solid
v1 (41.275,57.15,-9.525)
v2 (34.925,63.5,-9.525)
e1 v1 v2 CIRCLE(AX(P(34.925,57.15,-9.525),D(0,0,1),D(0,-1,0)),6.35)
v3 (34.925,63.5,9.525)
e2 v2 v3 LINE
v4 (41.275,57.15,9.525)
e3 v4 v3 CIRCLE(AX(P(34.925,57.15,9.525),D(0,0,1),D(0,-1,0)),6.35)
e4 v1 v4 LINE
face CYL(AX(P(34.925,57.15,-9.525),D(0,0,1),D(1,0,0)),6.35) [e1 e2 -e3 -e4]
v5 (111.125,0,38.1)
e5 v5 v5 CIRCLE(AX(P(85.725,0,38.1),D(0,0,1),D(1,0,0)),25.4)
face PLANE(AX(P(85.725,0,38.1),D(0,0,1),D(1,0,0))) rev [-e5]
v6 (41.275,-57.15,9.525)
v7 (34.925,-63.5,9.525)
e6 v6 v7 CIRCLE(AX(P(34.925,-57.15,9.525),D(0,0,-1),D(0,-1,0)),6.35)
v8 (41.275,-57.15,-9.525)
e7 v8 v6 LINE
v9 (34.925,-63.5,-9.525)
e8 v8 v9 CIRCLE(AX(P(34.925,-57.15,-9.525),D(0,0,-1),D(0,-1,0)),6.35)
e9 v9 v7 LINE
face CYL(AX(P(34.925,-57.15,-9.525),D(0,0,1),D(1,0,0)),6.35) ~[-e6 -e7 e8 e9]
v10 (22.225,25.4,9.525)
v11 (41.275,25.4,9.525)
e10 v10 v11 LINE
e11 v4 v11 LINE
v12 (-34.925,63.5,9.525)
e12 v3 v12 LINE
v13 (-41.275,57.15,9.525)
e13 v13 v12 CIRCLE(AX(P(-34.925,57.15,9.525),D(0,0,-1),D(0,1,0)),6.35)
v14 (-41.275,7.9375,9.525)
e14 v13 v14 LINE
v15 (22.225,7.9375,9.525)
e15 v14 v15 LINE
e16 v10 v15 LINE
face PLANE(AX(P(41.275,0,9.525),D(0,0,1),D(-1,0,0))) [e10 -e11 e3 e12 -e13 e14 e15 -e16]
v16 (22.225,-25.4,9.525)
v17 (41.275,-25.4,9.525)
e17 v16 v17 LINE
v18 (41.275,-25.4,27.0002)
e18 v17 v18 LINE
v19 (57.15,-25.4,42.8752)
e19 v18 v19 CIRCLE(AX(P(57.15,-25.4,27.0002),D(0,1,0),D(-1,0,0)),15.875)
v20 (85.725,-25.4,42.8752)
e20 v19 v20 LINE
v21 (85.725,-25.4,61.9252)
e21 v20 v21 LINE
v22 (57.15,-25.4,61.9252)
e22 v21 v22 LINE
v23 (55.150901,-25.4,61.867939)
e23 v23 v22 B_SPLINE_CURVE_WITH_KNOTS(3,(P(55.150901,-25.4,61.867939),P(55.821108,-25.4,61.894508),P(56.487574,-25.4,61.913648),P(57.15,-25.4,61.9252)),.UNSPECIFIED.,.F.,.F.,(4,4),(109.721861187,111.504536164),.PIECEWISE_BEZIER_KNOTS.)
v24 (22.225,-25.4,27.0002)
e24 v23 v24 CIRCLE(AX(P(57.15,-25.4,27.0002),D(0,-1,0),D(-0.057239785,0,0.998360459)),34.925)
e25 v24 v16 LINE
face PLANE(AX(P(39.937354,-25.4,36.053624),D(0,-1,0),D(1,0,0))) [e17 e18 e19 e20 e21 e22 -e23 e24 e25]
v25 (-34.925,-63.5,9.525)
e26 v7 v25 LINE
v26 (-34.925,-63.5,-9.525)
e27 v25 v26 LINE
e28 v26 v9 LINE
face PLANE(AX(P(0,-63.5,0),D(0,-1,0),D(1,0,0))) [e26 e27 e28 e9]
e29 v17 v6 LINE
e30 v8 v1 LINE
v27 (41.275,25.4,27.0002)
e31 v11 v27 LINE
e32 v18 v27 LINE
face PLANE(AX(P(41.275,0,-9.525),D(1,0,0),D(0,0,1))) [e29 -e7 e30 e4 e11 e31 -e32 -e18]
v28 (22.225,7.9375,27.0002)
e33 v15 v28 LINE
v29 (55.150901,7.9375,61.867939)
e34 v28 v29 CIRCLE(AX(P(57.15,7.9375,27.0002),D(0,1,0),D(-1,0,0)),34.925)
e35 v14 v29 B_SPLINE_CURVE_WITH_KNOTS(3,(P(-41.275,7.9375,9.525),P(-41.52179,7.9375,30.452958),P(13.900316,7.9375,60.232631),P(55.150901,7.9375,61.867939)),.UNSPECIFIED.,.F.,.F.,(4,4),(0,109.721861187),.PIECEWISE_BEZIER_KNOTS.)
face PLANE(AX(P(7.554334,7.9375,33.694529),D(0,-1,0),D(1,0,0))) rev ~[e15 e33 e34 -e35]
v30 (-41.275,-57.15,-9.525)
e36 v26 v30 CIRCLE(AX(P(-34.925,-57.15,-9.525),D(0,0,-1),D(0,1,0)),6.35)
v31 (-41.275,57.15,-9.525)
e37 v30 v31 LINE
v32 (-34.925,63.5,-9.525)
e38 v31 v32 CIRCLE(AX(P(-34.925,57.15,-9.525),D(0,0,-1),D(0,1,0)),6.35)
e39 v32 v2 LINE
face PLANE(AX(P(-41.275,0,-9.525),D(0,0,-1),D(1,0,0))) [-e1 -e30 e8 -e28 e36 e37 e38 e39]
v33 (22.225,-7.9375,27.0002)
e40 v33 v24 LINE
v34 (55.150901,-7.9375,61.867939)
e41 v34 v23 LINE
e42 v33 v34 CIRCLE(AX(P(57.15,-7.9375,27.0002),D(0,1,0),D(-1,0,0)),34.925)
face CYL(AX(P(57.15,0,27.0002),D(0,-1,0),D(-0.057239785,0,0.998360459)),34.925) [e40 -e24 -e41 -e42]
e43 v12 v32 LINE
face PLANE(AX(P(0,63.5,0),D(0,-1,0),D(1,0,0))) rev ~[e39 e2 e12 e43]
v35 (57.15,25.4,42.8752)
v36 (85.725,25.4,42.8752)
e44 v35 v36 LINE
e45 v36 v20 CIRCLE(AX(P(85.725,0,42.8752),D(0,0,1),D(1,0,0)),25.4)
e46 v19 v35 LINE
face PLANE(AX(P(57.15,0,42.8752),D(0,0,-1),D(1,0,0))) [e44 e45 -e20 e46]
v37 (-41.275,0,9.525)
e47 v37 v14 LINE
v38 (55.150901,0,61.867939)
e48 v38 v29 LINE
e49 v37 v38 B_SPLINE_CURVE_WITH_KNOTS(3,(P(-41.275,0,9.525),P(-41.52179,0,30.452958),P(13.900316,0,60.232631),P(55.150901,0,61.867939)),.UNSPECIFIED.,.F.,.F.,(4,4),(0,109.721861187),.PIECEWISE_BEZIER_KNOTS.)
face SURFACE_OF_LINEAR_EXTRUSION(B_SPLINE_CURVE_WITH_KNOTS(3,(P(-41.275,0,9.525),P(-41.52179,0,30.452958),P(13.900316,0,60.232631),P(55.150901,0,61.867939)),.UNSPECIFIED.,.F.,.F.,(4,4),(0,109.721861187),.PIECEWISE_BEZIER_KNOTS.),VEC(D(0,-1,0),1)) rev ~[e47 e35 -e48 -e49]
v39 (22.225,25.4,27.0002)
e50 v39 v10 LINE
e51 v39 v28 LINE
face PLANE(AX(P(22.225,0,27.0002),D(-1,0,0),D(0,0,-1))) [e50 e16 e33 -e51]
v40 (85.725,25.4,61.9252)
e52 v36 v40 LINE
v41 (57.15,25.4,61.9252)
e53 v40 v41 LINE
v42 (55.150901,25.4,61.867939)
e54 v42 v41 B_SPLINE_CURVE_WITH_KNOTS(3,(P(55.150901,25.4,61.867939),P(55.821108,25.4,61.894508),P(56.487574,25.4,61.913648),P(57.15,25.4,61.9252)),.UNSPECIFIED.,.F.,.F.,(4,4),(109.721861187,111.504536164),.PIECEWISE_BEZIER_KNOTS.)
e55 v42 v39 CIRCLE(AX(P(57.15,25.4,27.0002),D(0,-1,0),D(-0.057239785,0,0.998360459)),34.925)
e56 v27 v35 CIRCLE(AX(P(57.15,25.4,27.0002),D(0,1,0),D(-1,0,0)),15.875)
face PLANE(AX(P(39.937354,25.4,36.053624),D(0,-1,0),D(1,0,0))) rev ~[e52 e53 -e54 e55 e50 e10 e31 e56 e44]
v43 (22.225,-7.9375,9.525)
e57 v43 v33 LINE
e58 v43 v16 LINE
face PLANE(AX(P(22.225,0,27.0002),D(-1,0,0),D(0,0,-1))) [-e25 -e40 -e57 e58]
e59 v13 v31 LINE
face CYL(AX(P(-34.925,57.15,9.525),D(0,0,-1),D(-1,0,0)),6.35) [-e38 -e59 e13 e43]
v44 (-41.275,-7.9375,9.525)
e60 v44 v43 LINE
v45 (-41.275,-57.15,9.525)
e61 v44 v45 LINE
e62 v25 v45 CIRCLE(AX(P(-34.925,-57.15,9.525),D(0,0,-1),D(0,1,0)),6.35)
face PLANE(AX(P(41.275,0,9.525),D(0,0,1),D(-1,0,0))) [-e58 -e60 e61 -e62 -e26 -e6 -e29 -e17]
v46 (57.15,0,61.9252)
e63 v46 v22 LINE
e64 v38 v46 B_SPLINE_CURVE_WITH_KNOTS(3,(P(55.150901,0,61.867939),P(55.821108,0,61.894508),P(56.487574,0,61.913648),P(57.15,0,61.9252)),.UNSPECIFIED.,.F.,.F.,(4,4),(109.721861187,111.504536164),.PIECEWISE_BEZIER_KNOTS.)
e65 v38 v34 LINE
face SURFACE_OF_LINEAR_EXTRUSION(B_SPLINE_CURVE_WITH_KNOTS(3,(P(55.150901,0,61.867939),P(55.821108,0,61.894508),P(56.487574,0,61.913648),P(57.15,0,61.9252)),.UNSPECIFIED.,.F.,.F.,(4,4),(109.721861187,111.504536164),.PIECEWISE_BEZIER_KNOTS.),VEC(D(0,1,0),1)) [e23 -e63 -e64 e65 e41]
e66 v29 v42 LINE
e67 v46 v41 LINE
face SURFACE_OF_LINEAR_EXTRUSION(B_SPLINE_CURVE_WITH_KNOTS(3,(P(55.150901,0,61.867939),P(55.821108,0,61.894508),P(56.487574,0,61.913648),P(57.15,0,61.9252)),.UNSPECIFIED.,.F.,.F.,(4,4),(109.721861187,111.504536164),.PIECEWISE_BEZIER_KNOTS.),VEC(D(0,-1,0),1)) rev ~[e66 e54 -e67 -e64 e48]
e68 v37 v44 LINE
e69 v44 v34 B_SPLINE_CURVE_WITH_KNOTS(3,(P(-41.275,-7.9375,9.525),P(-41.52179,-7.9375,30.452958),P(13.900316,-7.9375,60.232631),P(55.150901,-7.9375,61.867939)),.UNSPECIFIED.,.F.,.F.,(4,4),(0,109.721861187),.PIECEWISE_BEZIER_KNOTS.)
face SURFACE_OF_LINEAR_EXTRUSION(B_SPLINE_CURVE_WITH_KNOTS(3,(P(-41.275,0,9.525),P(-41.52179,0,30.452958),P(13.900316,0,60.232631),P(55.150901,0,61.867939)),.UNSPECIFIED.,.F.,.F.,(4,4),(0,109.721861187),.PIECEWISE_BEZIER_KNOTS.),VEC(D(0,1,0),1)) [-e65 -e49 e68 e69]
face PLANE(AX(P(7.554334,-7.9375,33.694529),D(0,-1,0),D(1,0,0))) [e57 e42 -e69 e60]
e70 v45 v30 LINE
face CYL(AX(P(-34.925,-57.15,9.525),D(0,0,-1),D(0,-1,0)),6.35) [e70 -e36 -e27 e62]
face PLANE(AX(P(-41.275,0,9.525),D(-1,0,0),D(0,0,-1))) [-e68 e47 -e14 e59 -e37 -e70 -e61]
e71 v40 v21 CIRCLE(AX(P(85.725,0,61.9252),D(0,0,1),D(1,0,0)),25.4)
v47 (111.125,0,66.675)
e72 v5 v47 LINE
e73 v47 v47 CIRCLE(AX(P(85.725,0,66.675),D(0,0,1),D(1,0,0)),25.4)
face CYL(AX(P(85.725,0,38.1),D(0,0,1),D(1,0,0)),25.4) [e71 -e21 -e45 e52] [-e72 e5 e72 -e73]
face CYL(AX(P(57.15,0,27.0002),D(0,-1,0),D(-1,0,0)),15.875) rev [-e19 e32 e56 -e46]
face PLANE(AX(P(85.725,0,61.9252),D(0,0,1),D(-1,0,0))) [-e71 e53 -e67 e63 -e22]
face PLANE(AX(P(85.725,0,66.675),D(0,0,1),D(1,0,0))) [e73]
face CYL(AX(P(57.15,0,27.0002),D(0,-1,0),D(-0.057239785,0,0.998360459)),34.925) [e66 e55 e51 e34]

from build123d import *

# Parameters (mm, degrees)
F1_DEPTH = 63.5
F0_W     = 25.4
F0_H     = 19.05
F2_DEPTH = 25.4
F3_DEPTH = 7.9375
F5_R     = 6.35


with BuildPart() as f1:
    # F0 (on Front) → F1 (new body, symmetric)
    with BuildSketch(Plane.XZ):
        Polygon((41.275, -9.525), (41.275, 9.525), (22.225, 9.525), (-41.275, 9.525), (-41.275, -9.525), align=None)
    extrude(amount=F1_DEPTH, both=True)

    # F0 (on Front) → F2 (join, symmetric)
    with BuildSketch(Plane.XZ):
        with BuildLine():
            Line((57.15, 42.8752), (60.325, 42.8752))
            Line((60.325, 42.8752), (60.325, 61.9252))
            Line((60.325, 61.9252), (57.15, 61.9252))
            add(Edge.make_bspline(
                [(55.1509005081, 61.8679390466), (55.8211077358, 61.8945082476), (56.4875740772, 61.9136481218), (57.15, 61.9252)],
                knots=[109.7218611873, 109.7218611873, 109.7218611873, 109.7218611873, 111.5045361635, 111.5045361635, 111.5045361635, 111.5045361635], degree=3))
            ThreePointArc((55.1509005081, 61.8679390466), (31.7573418607, 50.9787015717), (22.225, 27.0002))
            Line((22.225, 27.0002), (22.225, 9.525))
            Line((22.225, 9.525), (41.275, 9.525))
            Line((41.275, 9.525), (41.275, 27.0002))
            ThreePointArc((41.275, 27.0002), (45.9246798487, 38.2255201513), (57.15, 42.8752))
        make_face()
        with Locations((73.025, 52.4002)):
            Rectangle(F0_W, F0_H)
    extrude(amount=F2_DEPTH, both=True)

    # F0 (on Front) → F3 (join, symmetric)
    with BuildSketch(Plane.XZ):
        with BuildLine():
            ThreePointArc((22.225, 27.0002), (31.7573418607, 50.9787015717), (55.1509005081, 61.8679390466))
            add(Edge.make_bspline(
                [(-41.275, 9.525), (-41.5217901281, 30.4529584249), (13.9003161981, 60.2326313083), (55.1509005081, 61.8679390466)],
                knots=[0, 0, 0, 0, 109.7218611873, 109.7218611873, 109.7218611873, 109.7218611873], degree=3))
            Line((-41.275, 9.525), (22.225, 9.525))
            Line((22.225, 9.525), (22.225, 27.0002))
        make_face()
    extrude(amount=F3_DEPTH, both=True)

    # F0 (on Front) → F4 (revolve)
    with BuildSketch(Plane.XZ):
        Polygon((85.725, 38.1), (111.125, 38.1), (111.125, 66.675), (85.725, 66.675), (85.725, 61.9252), (85.725, 42.8752), align=None)
    revolve(axis=Axis((85.725, 0, 52.3875), (0, 0, 1)))

    # F5
    f5_edges = [f1.edges().sort_by_distance(p)[0] for p in [
        (41.275, -63.5, 0),
        (-41.275, -63.5, 0),
        (41.275, 63.5, 0),
        (-41.275, 63.5, 0),
    ]]
    fillet(f5_edges, radius=F5_R)


solid = f1.part
